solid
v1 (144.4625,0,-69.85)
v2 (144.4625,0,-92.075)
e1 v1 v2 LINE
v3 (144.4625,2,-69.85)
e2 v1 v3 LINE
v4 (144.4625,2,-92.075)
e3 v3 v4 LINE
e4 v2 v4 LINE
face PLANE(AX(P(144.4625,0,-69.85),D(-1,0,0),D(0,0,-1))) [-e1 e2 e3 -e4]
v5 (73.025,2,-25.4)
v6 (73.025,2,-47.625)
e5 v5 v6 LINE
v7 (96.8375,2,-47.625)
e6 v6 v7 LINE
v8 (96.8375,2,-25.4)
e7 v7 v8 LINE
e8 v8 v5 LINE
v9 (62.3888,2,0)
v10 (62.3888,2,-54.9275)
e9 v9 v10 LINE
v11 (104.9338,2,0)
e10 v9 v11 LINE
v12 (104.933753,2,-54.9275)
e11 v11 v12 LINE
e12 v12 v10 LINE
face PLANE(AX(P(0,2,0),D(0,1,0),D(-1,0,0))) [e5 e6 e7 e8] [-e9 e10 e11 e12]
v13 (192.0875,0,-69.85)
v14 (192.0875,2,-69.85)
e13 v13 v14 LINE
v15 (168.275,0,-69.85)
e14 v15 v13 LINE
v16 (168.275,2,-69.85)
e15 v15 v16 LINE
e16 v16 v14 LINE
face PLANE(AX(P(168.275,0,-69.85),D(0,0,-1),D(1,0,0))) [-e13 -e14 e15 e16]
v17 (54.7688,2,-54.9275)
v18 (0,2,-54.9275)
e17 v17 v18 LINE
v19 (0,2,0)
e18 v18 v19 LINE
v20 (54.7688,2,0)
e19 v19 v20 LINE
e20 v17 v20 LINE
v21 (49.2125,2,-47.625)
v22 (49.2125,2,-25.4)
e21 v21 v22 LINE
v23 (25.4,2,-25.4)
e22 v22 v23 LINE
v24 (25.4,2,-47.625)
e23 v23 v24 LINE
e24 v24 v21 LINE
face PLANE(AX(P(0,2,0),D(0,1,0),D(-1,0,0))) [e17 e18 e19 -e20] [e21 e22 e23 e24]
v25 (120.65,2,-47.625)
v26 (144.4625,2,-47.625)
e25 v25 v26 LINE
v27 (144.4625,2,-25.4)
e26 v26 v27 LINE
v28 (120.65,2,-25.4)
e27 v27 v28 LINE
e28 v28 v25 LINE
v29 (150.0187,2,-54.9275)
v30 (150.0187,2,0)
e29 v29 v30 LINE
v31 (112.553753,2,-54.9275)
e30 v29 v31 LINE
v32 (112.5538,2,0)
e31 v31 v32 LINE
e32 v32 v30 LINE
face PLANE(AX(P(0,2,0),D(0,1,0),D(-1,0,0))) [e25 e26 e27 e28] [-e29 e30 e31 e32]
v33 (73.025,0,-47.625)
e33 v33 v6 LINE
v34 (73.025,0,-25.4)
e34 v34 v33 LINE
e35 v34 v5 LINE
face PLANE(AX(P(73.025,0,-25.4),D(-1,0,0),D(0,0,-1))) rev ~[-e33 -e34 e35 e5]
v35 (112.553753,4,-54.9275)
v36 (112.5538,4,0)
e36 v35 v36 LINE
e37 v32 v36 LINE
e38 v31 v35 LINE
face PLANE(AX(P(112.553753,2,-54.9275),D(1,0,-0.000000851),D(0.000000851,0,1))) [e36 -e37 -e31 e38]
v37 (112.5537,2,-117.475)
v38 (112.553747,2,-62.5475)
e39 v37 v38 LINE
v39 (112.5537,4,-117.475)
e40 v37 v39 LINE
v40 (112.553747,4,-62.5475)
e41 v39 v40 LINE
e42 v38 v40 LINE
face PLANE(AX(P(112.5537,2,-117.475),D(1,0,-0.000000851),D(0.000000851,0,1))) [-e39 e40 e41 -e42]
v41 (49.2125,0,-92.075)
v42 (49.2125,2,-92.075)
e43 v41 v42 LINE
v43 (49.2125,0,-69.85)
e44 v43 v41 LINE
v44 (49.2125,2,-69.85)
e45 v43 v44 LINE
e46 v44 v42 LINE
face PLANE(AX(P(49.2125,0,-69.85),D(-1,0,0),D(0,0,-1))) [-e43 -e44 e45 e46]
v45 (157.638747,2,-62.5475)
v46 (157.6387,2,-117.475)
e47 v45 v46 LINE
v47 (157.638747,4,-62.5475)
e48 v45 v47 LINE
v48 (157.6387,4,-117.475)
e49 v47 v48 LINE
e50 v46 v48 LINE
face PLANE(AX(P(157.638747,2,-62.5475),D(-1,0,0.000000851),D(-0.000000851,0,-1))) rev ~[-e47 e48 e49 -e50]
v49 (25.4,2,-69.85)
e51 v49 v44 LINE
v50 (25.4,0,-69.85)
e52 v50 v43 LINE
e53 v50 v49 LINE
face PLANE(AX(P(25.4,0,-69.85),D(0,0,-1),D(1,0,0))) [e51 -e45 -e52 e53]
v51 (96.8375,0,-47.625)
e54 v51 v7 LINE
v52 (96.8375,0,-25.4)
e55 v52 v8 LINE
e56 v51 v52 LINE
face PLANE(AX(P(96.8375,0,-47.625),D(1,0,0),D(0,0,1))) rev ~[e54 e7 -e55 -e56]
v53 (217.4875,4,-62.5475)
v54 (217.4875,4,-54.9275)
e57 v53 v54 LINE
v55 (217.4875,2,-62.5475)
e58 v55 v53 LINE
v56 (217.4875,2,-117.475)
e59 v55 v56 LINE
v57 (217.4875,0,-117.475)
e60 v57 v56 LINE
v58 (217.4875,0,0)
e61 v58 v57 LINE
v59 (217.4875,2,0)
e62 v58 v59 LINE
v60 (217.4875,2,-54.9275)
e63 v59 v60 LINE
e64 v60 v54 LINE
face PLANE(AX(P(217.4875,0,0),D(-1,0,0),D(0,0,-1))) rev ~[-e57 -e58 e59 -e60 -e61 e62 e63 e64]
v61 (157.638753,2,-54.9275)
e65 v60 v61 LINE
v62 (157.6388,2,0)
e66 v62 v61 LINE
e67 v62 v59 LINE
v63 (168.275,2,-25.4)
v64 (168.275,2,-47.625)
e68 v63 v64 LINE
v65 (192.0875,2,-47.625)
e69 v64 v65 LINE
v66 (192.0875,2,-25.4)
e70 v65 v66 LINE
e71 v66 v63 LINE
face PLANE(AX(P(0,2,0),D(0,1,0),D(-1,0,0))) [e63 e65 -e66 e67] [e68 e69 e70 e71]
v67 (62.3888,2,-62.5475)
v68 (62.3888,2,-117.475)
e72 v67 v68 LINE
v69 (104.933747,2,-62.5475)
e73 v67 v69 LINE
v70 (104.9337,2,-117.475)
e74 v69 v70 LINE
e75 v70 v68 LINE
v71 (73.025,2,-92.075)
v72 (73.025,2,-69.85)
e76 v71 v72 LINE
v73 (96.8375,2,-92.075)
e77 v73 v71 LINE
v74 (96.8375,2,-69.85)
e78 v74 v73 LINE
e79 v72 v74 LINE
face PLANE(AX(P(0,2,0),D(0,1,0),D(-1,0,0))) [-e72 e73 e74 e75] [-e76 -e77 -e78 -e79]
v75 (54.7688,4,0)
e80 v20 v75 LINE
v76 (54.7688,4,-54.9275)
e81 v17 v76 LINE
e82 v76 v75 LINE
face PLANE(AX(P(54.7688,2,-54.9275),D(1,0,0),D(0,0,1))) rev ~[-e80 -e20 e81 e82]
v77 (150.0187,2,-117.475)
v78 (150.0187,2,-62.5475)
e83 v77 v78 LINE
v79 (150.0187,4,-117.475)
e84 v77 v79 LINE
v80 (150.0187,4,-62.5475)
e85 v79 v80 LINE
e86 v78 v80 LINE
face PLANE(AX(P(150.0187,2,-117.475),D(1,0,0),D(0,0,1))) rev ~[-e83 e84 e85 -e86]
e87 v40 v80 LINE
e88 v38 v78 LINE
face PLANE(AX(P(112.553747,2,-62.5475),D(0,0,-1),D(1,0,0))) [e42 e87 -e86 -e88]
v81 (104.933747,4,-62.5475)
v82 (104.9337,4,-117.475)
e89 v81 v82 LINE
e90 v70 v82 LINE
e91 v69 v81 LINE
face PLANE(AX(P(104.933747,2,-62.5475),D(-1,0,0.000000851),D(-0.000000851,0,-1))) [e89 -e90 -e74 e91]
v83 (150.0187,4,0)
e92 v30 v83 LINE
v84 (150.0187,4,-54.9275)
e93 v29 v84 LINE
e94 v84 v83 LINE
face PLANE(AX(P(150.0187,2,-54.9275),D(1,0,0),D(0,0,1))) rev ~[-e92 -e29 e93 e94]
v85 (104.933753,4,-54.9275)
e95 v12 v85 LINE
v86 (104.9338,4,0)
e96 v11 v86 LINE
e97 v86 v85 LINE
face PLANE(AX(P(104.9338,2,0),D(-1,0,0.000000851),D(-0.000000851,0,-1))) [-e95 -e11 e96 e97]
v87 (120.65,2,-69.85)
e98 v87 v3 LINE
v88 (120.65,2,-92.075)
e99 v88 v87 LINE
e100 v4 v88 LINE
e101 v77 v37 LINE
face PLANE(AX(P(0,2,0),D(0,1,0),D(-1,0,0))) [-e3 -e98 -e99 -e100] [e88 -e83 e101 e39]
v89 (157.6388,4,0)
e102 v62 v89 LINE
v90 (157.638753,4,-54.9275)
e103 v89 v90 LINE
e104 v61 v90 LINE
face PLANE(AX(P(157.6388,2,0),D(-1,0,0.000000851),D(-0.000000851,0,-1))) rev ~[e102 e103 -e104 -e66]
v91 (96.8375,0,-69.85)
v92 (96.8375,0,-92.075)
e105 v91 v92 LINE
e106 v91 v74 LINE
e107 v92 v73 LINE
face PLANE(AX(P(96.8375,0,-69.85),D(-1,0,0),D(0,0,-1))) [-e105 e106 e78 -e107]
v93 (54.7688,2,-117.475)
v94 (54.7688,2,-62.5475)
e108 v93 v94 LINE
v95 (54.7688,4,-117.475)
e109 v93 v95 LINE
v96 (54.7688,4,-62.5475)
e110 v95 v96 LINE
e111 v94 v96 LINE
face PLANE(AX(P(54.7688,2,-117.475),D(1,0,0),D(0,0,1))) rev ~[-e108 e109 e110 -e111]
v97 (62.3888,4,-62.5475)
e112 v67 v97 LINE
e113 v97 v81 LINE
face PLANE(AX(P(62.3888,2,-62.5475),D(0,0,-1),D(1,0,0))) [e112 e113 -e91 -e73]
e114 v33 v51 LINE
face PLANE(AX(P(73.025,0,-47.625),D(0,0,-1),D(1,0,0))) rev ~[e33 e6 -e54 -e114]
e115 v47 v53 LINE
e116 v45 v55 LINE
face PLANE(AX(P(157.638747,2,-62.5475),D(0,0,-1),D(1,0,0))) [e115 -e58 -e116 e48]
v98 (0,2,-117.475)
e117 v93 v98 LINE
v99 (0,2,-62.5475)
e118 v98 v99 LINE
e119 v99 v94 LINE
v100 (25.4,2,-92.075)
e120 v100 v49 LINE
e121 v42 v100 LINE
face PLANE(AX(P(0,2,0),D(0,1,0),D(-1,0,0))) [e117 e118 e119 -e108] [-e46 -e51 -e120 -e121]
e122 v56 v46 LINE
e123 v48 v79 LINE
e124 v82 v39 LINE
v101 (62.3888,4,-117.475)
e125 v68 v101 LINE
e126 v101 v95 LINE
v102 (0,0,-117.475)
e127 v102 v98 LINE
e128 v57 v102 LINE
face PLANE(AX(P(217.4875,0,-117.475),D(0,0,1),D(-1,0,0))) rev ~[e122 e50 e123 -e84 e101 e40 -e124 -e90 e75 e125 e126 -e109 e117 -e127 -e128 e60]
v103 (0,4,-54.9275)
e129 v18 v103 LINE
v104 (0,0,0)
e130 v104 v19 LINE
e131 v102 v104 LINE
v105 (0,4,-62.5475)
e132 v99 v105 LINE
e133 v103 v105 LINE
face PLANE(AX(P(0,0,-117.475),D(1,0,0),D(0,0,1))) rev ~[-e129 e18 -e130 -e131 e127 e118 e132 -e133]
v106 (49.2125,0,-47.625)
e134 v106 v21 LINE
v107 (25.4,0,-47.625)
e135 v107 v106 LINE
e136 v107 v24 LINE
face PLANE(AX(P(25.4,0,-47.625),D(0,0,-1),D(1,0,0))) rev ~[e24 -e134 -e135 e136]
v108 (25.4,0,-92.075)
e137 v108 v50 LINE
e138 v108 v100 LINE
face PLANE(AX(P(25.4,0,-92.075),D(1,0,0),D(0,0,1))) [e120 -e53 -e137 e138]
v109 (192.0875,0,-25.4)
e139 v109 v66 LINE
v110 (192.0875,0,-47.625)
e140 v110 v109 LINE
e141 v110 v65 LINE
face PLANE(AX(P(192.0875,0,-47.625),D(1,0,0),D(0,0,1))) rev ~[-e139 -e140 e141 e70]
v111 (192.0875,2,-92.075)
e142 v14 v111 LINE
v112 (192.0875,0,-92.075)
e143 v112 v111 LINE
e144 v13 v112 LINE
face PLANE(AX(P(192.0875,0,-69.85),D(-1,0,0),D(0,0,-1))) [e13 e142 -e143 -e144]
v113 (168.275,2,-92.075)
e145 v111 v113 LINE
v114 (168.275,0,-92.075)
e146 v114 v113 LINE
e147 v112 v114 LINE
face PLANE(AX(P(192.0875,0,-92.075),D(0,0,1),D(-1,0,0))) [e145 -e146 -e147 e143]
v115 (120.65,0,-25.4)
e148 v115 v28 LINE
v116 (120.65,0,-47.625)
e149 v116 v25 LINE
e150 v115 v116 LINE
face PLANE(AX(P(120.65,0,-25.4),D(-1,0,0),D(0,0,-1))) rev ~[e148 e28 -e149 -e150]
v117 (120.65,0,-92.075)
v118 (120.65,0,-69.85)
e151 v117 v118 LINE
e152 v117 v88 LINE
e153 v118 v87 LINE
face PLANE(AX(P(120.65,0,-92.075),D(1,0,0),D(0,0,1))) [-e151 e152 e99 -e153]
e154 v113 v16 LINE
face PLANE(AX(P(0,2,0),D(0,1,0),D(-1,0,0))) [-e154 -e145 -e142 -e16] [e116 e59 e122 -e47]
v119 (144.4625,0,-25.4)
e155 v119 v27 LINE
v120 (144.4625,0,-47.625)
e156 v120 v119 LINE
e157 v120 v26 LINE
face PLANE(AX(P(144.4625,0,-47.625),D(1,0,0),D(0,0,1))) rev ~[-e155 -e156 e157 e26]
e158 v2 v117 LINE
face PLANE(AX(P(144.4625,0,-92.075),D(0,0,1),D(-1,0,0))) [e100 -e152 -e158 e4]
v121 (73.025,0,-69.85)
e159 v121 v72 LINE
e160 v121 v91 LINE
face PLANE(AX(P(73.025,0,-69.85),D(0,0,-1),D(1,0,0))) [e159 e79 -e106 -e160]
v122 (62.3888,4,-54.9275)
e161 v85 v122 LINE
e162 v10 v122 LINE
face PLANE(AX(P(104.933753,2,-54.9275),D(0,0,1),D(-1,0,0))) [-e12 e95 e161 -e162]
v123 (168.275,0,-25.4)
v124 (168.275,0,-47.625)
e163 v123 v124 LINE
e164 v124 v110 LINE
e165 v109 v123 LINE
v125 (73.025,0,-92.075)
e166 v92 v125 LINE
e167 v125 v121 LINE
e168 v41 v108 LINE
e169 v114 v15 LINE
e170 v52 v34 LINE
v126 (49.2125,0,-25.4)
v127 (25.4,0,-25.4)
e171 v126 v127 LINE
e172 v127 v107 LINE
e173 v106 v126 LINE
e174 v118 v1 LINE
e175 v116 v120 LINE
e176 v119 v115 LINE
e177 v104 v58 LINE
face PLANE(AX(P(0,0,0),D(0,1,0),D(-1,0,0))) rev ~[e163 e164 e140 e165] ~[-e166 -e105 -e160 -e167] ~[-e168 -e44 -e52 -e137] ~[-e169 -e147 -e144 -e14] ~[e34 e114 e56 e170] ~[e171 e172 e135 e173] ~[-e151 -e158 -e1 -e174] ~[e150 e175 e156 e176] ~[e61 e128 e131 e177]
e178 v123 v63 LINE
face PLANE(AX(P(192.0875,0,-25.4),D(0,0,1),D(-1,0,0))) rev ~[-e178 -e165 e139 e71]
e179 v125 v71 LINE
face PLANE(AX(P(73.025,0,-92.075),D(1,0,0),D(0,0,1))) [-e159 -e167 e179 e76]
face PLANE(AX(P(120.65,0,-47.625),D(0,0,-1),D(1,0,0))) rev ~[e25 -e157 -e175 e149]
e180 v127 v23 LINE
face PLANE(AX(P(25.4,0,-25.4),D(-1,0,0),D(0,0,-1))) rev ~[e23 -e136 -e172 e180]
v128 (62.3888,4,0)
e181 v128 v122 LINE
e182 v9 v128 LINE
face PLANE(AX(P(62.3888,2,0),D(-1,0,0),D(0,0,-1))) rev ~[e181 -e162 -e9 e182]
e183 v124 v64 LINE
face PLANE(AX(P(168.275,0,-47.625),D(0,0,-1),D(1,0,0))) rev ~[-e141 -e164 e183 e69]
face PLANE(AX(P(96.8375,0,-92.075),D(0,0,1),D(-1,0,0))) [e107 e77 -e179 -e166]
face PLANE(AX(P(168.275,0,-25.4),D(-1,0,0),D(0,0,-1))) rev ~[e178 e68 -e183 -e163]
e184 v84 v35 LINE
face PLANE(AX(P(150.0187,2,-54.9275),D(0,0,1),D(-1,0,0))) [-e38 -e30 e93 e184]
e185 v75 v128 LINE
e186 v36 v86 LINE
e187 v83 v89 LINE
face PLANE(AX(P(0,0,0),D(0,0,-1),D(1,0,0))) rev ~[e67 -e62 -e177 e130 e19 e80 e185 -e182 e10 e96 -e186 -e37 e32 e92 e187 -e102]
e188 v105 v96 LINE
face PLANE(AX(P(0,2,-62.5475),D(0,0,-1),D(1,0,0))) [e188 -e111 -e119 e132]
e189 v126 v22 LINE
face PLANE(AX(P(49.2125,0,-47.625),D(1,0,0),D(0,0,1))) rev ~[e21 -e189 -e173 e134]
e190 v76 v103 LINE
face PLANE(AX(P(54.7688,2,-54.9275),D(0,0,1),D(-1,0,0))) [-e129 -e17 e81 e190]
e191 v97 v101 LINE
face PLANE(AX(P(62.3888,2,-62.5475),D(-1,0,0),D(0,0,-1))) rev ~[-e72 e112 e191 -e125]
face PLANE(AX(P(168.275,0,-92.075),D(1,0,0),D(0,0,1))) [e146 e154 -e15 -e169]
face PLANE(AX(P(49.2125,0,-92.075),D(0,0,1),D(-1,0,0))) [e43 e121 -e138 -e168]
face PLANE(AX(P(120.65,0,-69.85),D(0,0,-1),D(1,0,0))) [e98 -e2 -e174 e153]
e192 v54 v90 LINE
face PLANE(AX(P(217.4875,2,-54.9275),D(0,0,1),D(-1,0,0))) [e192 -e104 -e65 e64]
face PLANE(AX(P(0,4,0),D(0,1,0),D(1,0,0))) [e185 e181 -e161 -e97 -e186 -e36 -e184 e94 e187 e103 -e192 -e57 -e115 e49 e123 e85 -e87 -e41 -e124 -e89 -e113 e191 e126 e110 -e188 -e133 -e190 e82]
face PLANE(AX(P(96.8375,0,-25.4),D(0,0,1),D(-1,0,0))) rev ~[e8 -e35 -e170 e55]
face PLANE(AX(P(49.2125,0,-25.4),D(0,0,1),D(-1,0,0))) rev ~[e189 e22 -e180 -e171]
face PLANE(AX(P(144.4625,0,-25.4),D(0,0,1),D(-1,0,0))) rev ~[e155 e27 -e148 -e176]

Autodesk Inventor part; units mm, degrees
ref_plane "YZ Plane" through (0, 0, 0) normal (1, 0, 0) x (0, 1, 0)
ref_plane "XZ Plane" through (0, 0, 0) normal (0, 1, 0) x (-1, 0, 0)
ref_plane "XY Plane" through (0, 0, 0) normal (0, 0, 1) x (1, 0, 0)
sketch "Sketch1" plane through (0, 0, 0) normal (0, 1, 0) x (-1, 0, 0)
  line L0 (0, 0) -> (-25.4, 0) construction
  line L1 (-25.4, 0) -> (-25.4, -25.4) construction
  line L2 (-25.4, -25.4) -> (0, -25.4) construction
  line L3 (0, -25.4) -> (0, 0) construction
  line L4 (-25.4, -25.4) -> (-49.2125, -25.4) construction
  line L5 (-49.2125, -25.4) -> (-49.2125, -47.625) construction
  line L6 (-49.2125, -47.625) -> (-25.4, -47.625) construction
  line L7 (-25.4, -47.625) -> (-25.4, -25.4) construction
  line L8 (-73.025, -25.4) -> (-96.8375, -25.4) construction
  line L9 (-96.8375, -25.4) -> (-96.8375, -47.625) construction
  line L10 (-96.8375, -47.625) -> (-73.025, -47.625) construction
  line L11 (-73.025, -47.625) -> (-73.025, -25.4) construction
  line L12 (-120.65, -25.4) -> (-144.4625, -25.4) construction
  line L13 (-144.4625, -25.4) -> (-144.4625, -47.625) construction
  line L14 (-144.4625, -47.625) -> (-120.65, -47.625) construction
  line L15 (-120.65, -47.625) -> (-120.65, -25.4) construction
  line L16 (-168.275, -25.4) -> (-192.0875, -25.4) construction
  line L17 (-192.0875, -25.4) -> (-192.0875, -47.625) construction
  line L18 (-192.0875, -47.625) -> (-168.275, -47.625) construction
  line L19 (-168.275, -47.625) -> (-168.275, -25.4) construction
  line L20 (-25.4, -69.85) -> (-49.2125, -69.85) construction
  line L21 (-49.2125, -69.85) -> (-49.2125, -92.075) construction
  line L22 (-49.2125, -92.075) -> (-25.4, -92.075) construction
  line L23 (-25.4, -92.075) -> (-25.4, -69.85) construction
  line L24 (-73.025, -69.85) -> (-96.8375, -69.85) construction
  line L25 (-96.8375, -69.85) -> (-96.8375, -92.075) construction
  line L26 (-96.8375, -92.075) -> (-73.025, -92.075) construction
  line L27 (-73.025, -92.075) -> (-73.025, -69.85) construction
  line L28 (-120.65, -69.85) -> (-144.4625, -69.85) construction
  line L29 (-144.4625, -69.85) -> (-144.4625, -92.075) construction
  line L30 (-144.4625, -92.075) -> (-120.65, -92.075) construction
  line L31 (-120.65, -92.075) -> (-120.65, -69.85) construction
  line L32 (-168.275, -69.85) -> (-192.0875, -69.85) construction
  line L33 (-192.0875, -69.85) -> (-192.0875, -92.075) construction
  line L34 (-192.0875, -92.075) -> (-168.275, -92.075) construction
  line L35 (-168.275, -92.075) -> (-168.275, -69.85) construction
  line L36 (-192.0875, -92.075) -> (-217.4875, -92.075) construction
  line L37 (-217.4875, -92.075) -> (-217.4875, -117.475) construction
  line L38 (-217.4875, -117.475) -> (-192.0875, -117.475) construction
  line L39 (-192.0875, -117.475) -> (-192.0875, -92.075) construction
  line L40 (0, 0) -> (-217.4875, 0)
  line L41 (-217.4875, 0) -> (-217.4875, -117.475)
  line L42 (-217.4875, -117.475) -> (0, -117.475)
  line L43 (0, -117.475) -> (0, 0)
  line L44 (-192.0875, -92.075) -> (-168.275, -92.075)
  line L45 (-168.275, -92.075) -> (-168.275, -69.85)
  line L46 (-168.275, -69.85) -> (-192.0875, -69.85)
  line L47 (-192.0875, -69.85) -> (-192.0875, -92.075)
  line L48 (-144.4625, -92.075) -> (-120.65, -92.075)
  line L49 (-120.65, -92.075) -> (-120.65, -69.85)
  line L50 (-120.65, -69.85) -> (-144.4625, -69.85)
  line L51 (-144.4625, -69.85) -> (-144.4625, -92.075)
  line L52 (-96.8375, -92.075) -> (-73.025, -92.075)
  line L53 (-73.025, -92.075) -> (-73.025, -69.85)
  line L54 (-73.025, -69.85) -> (-96.8375, -69.85)
  line L55 (-96.8375, -69.85) -> (-96.8375, -92.075)
  line L56 (-49.2125, -92.075) -> (-25.4, -92.075)
  line L57 (-25.4, -92.075) -> (-25.4, -69.85)
  line L58 (-25.4, -69.85) -> (-49.2125, -69.85)
  line L59 (-49.2125, -69.85) -> (-49.2125, -92.075)
  line L60 (-25.4, -47.625) -> (-49.2125, -47.625)
  line L61 (-49.2125, -47.625) -> (-49.2125, -25.4)
  line L62 (-49.2125, -25.4) -> (-25.4, -25.4)
  line L63 (-25.4, -25.4) -> (-25.4, -47.625)
  line L64 (-73.025, -47.625) -> (-96.8375, -47.625)
  line L65 (-96.8375, -47.625) -> (-96.8375, -25.4)
  line L66 (-96.8375, -25.4) -> (-73.025, -25.4)
  line L67 (-73.025, -25.4) -> (-73.025, -47.625)
  line L68 (-120.65, -47.625) -> (-144.4625, -47.625)
  line L69 (-144.4625, -47.625) -> (-144.4625, -25.4)
  line L70 (-144.4625, -25.4) -> (-120.65, -25.4)
  line L71 (-120.65, -25.4) -> (-120.65, -47.625)
  line L72 (-168.275, -47.625) -> (-192.0875, -47.625)
  line L73 (-192.0875, -47.625) -> (-192.0875, -25.4)
  line L74 (-192.0875, -25.4) -> (-168.275, -25.4)
  line L75 (-168.275, -25.4) -> (-168.275, -47.625)
  dimension "d1" = 25.4
  dimension "d2" = 23.8125
  dimension "d3" = 22.225
  dimension "d6" = 47.625
  dimension "d9" = 44.45
  dimension "d12" = 25.4
  dimension "d13" = 25.4
extrude "Extrusion1" add sketch "Sketch1" along normal blind 2
sketch "Sketch2" plane through (0, 2, 0) normal (0, 1, 0) x (1, 0, 0)
  line L0 (217.4875, 0) -> (217.4875, 117.475) construction
  line L1 (217.4875, 117.475) -> (0, 117.475) construction
  line L2 (0, 117.475) -> (0, 0) construction
  line L3 (0, 0) -> (217.4875, 0) construction
  line L4 (168.275, 47.625) -> (192.0875, 47.625) construction
  line L5 (192.0875, 47.625) -> (192.0875, 25.4) construction
  line L6 (192.0875, 25.4) -> (168.275, 25.4) construction
  line L7 (168.275, 25.4) -> (168.275, 47.625) construction
  line L8 (120.65, 47.625) -> (144.4625, 47.625) construction
  line L9 (144.4625, 47.625) -> (144.4625, 25.4) construction
  line L10 (144.4625, 25.4) -> (120.65, 25.4) construction
  line L11 (120.65, 25.4) -> (120.65, 47.625) construction
  line L12 (73.025, 47.625) -> (96.8375, 47.625) construction
  line L13 (96.8375, 47.625) -> (96.8375, 25.4) construction
  line L14 (96.8375, 25.4) -> (73.025, 25.4) construction
  line L15 (73.025, 25.4) -> (73.025, 47.625) construction
  line L16 (25.4, 47.625) -> (49.2125, 47.625) construction
  line L17 (49.2125, 47.625) -> (49.2125, 25.4) construction
  line L18 (49.2125, 25.4) -> (25.4, 25.4) construction
  line L19 (25.4, 25.4) -> (25.4, 47.625) construction
  line L20 (49.2125, 92.075) -> (49.2125, 69.85) construction
  line L21 (49.2125, 69.85) -> (25.4, 69.85) construction
  line L22 (25.4, 69.85) -> (25.4, 92.075) construction
  line L23 (25.4, 92.075) -> (49.2125, 92.075) construction
  line L24 (96.8375, 92.075) -> (96.8375, 69.85) construction
  line L25 (96.8375, 69.85) -> (73.025, 69.85) construction
  line L26 (73.025, 69.85) -> (73.025, 92.075) construction
  line L27 (73.025, 92.075) -> (96.8375, 92.075) construction
  line L28 (144.4625, 92.075) -> (144.4625, 69.85) construction
  line L29 (144.4625, 69.85) -> (120.65, 69.85) construction
  line L30 (120.65, 69.85) -> (120.65, 92.075) construction
  line L31 (120.65, 92.075) -> (144.4625, 92.075) construction
  line L32 (192.0875, 92.075) -> (192.0875, 69.85) construction
  line L33 (192.0875, 69.85) -> (168.275, 69.85) construction
  line L34 (168.275, 69.85) -> (168.275, 92.075) construction
  line L35 (168.275, 92.075) -> (192.0875, 92.075) construction
  line L36 (0, 54.9275) -> (217.4875, 54.9275) construction
  line L37 (217.4875, 54.9275) -> (217.4875, 62.5475) construction
  line L38 (217.4875, 62.5475) -> (0, 62.5475) construction
  line L39 (0, 62.5475) -> (0, 54.9275) construction
  line L40 (0, 54.9275) -> (217.4875, 62.5475) construction
  line L41 (217.4875, 54.9275) -> (0, 62.5475) construction
  line L42 (104.9338, 0) -> (112.5538, 0) construction
  line L43 (112.5538, 0) -> (112.5537, 117.475) construction
  line L44 (112.5537, 117.475) -> (104.9337, 117.475) construction
  line L45 (104.9337, 117.475) -> (104.9338, 0) construction
  line L46 (104.9338, 0) -> (112.5537, 117.475) construction
  line L47 (112.5538, 0) -> (104.9337, 117.475) construction
  line L48 (0, 62.5475) -> (217.4875, 62.5475)
  line L49 (217.4875, 62.5475) -> (217.4875, 54.9275)
  line L50 (217.4875, 54.9275) -> (0, 54.9275)
  line L51 (0, 54.9275) -> (0, 62.5475)
  line L52 (104.9337, 117.475) -> (112.5537, 117.475)
  line L53 (112.5537, 117.475) -> (112.5538, 0)
  line L54 (112.5538, 0) -> (104.9338, 0)
  line L55 (104.9338, 0) -> (104.9337, 117.475)
  line L56 (49.2125, 92.075) -> (73.025, 92.075) construction
  line L57 (73.025, 92.075) -> (73.025, 69.85) construction
  line L58 (73.025, 69.85) -> (49.2125, 69.85) construction
  line L59 (49.2125, 69.85) -> (49.2125, 92.075) construction
  line L60 (168.275, 92.075) -> (144.4625, 92.075) construction
  line L61 (144.4625, 92.075) -> (144.4625, 69.85) construction
  line L62 (144.4625, 69.85) -> (168.275, 69.85) construction
  line L63 (168.275, 69.85) -> (168.275, 92.075) construction
  line L64 (217.4875, 117.475) -> (0, 117.475) projected
  line L65 (54.7688, 0) -> (62.3888, 0)
  line L66 (62.3888, 0) -> (62.3888, 117.475)
  line L67 (62.3888, 117.475) -> (54.7688, 117.475)
  line L68 (54.7688, 117.475) -> (54.7688, 0)
  line L69 (54.7688, 0) -> (62.3888, 117.475) construction
  line L70 (62.3888, 0) -> (54.7688, 117.475) construction
  line L71 (150.0187, 0) -> (157.6388, 0)
  line L72 (157.6388, 0) -> (157.6387, 117.475)
  line L73 (157.6387, 117.475) -> (150.0187, 117.475)
  line L74 (150.0187, 117.475) -> (150.0187, 0)
  line L75 (150.0187, 0) -> (157.6387, 117.475) construction
  line L76 (157.6388, 0) -> (150.0187, 117.475) construction
  point P0 (108.7438, 58.7375)
  point P1 (108.7438, 58.7375)
  point P2 (58.5787, 58.7375)
  point P3 (153.8288, 58.7375)
  point P4 (54.7688, 54.9275)
  point P5 (62.3888, 54.9275)
  point P6 (104.9338, 54.9275)
  point P7 (112.5538, 54.9275)
  point P8 (150.0187, 54.9275)
  point P9 (157.6388, 54.9275)
  point P10 (157.6388, 62.5475)
  point P11 (150.0187, 62.5475)
  point P12 (112.5537, 62.5475)
  point P13 (104.9338, 62.5475)
  point P14 (62.3888, 62.5475)
  point P15 (54.7688, 62.5475)
  dimension "d16" = 7.62
  dimension "d17" = 7.62
  dimension "d18" = 7.62
  dimension "d19" = 7.62
extrude "Extrusion2" add sketch "Sketch2" along normal blind 2 contours L48 L68 L50 L51 | L68 L64 L66 L48 | L48 L66 L50 L68 | L48 L55 L50 L66 | L50 L66 L65 L68 | L55 L52 L53 L48 | L48 L53 L50 L55 | L48 L74 L50 L53 | L50 L53 L54 L55 | L74 L64 L72 L48 | L48 L72 L50 L74 | L48 L49 L50 L72 | L50 L72 L71 L74
properties part number "test_front_cover"
